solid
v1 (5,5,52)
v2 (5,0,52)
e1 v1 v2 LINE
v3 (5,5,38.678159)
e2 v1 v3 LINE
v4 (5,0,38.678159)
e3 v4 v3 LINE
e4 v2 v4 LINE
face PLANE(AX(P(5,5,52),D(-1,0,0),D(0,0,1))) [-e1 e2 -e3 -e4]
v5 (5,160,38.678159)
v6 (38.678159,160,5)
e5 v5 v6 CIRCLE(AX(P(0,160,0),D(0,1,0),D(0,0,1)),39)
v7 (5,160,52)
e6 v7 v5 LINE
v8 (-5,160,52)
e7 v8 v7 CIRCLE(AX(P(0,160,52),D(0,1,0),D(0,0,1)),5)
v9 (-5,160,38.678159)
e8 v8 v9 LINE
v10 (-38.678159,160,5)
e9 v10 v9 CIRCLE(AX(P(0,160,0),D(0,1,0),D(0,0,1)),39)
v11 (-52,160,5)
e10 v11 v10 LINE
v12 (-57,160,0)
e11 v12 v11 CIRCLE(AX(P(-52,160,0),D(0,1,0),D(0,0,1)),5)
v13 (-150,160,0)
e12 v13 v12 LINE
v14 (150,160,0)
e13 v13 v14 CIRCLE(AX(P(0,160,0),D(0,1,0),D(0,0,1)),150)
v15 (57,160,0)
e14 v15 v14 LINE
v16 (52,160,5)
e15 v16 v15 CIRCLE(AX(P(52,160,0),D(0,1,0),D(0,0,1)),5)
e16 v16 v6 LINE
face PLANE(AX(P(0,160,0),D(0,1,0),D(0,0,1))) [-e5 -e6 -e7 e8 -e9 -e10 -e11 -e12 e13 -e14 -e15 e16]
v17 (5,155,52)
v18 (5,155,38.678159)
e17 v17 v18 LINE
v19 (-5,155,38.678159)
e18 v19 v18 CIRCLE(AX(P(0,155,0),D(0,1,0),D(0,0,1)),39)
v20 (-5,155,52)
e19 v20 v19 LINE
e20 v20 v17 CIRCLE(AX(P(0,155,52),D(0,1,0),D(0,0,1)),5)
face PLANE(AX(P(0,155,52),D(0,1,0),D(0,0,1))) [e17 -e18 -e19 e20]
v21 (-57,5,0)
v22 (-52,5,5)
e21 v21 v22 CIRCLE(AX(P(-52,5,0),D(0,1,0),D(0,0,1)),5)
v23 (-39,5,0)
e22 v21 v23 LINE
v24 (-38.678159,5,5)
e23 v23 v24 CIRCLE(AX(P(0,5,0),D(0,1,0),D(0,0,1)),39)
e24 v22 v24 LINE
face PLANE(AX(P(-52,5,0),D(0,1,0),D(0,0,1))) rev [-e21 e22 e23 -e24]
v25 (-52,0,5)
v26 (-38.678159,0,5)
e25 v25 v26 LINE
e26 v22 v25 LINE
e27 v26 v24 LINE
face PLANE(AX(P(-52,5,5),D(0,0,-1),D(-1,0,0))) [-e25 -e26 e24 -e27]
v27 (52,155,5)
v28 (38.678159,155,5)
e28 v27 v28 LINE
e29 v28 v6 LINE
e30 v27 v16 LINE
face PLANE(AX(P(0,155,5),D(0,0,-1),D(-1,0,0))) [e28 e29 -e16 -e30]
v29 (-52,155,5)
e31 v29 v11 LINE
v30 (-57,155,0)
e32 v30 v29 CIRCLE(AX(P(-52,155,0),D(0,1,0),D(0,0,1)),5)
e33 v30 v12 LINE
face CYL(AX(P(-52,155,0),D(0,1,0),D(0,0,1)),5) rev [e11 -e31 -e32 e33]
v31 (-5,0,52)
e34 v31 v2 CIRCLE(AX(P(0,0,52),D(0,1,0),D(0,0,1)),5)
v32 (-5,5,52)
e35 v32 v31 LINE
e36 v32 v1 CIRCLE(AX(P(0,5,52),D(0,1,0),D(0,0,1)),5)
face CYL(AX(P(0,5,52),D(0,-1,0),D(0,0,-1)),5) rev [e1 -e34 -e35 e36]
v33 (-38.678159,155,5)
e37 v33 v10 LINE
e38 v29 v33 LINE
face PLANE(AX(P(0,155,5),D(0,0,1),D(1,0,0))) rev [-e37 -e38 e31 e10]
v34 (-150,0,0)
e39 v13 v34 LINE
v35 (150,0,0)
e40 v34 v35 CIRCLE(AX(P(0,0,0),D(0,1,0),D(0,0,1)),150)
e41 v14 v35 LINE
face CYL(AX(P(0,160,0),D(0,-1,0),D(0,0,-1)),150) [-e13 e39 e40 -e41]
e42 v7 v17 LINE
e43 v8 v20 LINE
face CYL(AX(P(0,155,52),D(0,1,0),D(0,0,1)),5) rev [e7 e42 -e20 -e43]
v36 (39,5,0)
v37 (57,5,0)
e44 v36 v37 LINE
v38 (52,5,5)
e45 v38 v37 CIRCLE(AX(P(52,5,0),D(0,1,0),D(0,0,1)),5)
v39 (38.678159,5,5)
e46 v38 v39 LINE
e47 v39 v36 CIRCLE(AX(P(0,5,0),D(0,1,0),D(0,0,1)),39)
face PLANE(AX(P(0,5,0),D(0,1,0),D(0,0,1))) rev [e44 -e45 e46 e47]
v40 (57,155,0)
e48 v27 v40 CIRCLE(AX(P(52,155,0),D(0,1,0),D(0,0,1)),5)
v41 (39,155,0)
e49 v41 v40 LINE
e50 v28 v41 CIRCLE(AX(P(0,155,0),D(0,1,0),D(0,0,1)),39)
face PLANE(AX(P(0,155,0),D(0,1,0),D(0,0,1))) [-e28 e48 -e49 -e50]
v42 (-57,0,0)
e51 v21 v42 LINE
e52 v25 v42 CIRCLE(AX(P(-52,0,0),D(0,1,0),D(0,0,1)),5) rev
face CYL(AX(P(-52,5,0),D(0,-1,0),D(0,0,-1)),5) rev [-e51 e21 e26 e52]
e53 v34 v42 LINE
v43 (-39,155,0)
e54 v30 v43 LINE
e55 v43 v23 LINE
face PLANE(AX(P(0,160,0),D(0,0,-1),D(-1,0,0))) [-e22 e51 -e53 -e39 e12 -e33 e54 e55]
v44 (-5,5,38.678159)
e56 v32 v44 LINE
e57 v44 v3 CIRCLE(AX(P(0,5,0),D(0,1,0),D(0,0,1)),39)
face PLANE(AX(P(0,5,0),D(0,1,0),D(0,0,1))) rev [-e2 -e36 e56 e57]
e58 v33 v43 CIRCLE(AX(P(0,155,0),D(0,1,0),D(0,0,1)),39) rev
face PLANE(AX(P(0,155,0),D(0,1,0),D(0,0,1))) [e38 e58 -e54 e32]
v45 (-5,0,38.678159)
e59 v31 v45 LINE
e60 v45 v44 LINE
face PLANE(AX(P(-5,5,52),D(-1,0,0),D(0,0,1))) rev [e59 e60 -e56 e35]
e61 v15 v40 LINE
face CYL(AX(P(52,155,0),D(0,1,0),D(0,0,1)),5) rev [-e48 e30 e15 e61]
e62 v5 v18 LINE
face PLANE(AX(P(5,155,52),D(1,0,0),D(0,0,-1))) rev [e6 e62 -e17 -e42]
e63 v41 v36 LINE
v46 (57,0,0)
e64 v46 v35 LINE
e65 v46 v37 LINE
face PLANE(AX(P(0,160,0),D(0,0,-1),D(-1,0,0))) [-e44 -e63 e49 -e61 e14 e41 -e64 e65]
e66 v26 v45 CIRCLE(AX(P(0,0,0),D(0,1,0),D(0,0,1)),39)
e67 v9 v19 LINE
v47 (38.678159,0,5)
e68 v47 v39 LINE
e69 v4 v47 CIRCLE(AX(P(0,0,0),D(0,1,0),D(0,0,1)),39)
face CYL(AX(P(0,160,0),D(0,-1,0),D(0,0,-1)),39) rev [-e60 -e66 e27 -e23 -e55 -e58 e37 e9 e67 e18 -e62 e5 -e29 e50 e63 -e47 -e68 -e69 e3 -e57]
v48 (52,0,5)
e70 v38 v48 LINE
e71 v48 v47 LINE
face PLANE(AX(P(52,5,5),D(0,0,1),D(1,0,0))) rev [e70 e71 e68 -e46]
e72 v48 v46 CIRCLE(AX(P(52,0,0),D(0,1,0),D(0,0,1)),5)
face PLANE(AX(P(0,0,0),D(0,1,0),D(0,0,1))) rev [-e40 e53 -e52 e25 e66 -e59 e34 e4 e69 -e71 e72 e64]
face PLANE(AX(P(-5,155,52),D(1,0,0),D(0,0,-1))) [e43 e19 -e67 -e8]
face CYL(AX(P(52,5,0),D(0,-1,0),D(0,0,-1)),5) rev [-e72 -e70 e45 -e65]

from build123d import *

# Parameters (mm, degrees)
BOSS_EXTRUDE1_DEPTH = 160
CUT_EXTRUDE1_START  = -5
CUT_EXTRUDE1_DEPTH  = 5
CUT_EXTRUDE2_START  = -160
SKETCH2_3_R         = 5
SKETCH2_3_W         = 16.92618617
SKETCH2_3_H         = 10
SKETCH2_3_W_2       = 10
SKETCH2_3_H_2       = 16.92618617
CUT_EXTRUDE2_DEPTH  = 5


with BuildPart() as part:
    # Sketch1 → Boss-Extrude1 (new body)
    with BuildSketch(Plane(origin=(0, 0, 0), x_dir=(1, 0, 0), z_dir=(0, 1, 0))):
        with BuildLine():
            Line((150, 0), (39, 0))
            ThreePointArc((39, 0), (0, -39), (-39, 0))
            Line((-39, 0), (-150, 0))
            ThreePointArc((-150, 0), (0, -150), (150, 0))
        make_face()
    extrude(amount=BOSS_EXTRUDE1_DEPTH)

    # Sketch2 → Cut-Extrude1 (cut)
    with BuildSketch(Plane(origin=(0, 160, 0), x_dir=(1, 0, 0), z_dir=(0, 1, 0)).offset(CUT_EXTRUDE1_START)):
        with BuildLine():
            Line((5, -35.07381383), (-5, -35.07381383))
            Line((-5, -35.07381383), (-5, -52))
            ThreePointArc((-5, -52), (0, -57), (5, -52))
            Line((5, -52), (5, -35.07381383))
        make_face()
        with BuildLine():
            Line((-52, -5), (-38.678159212, -5))
            ThreePointArc((-38.678159212, -5), (-39, 0), (-38.678159212, 5))
            Line((-38.678159212, 5), (-52, 5))
            ThreePointArc((-52, 5), (-57, 0), (-52, -5))
        make_face()
        with BuildLine():
            Line((38.678159212, -5), (52, -5))
            ThreePointArc((52, -5), (57, 0), (52, 5))
            Line((52, 5), (38.678159212, 5))
            ThreePointArc((38.678159212, 5), (39, 0), (38.678159212, -5))
        make_face()
    extrude(amount=CUT_EXTRUDE1_DEPTH, mode=Mode.SUBTRACT)

    # Sketch2<3> → Cut-Extrude2 (cut)
    with BuildSketch(Plane(origin=(0, 160, 0), x_dir=(1, 0, 0), z_dir=(0, 1, 0)).offset(CUT_EXTRUDE2_START)):
        with Locations((0, -52)):
            Circle(SKETCH2_3_R)
        with Locations((-52, 0)):
            Circle(SKETCH2_3_R)
        with Locations((52, 0)):
            Circle(SKETCH2_3_R)
        with Locations((-43.536906915, 0)):
            Rectangle(SKETCH2_3_W, SKETCH2_3_H)
        with Locations((0, -43.536906915)):
            Rectangle(SKETCH2_3_W_2, SKETCH2_3_H_2)
        with Locations((43.536906915, 0)):
            Rectangle(SKETCH2_3_W, SKETCH2_3_H)
    extrude(amount=CUT_EXTRUDE2_DEPTH, mode=Mode.SUBTRACT)


solid = part.part
